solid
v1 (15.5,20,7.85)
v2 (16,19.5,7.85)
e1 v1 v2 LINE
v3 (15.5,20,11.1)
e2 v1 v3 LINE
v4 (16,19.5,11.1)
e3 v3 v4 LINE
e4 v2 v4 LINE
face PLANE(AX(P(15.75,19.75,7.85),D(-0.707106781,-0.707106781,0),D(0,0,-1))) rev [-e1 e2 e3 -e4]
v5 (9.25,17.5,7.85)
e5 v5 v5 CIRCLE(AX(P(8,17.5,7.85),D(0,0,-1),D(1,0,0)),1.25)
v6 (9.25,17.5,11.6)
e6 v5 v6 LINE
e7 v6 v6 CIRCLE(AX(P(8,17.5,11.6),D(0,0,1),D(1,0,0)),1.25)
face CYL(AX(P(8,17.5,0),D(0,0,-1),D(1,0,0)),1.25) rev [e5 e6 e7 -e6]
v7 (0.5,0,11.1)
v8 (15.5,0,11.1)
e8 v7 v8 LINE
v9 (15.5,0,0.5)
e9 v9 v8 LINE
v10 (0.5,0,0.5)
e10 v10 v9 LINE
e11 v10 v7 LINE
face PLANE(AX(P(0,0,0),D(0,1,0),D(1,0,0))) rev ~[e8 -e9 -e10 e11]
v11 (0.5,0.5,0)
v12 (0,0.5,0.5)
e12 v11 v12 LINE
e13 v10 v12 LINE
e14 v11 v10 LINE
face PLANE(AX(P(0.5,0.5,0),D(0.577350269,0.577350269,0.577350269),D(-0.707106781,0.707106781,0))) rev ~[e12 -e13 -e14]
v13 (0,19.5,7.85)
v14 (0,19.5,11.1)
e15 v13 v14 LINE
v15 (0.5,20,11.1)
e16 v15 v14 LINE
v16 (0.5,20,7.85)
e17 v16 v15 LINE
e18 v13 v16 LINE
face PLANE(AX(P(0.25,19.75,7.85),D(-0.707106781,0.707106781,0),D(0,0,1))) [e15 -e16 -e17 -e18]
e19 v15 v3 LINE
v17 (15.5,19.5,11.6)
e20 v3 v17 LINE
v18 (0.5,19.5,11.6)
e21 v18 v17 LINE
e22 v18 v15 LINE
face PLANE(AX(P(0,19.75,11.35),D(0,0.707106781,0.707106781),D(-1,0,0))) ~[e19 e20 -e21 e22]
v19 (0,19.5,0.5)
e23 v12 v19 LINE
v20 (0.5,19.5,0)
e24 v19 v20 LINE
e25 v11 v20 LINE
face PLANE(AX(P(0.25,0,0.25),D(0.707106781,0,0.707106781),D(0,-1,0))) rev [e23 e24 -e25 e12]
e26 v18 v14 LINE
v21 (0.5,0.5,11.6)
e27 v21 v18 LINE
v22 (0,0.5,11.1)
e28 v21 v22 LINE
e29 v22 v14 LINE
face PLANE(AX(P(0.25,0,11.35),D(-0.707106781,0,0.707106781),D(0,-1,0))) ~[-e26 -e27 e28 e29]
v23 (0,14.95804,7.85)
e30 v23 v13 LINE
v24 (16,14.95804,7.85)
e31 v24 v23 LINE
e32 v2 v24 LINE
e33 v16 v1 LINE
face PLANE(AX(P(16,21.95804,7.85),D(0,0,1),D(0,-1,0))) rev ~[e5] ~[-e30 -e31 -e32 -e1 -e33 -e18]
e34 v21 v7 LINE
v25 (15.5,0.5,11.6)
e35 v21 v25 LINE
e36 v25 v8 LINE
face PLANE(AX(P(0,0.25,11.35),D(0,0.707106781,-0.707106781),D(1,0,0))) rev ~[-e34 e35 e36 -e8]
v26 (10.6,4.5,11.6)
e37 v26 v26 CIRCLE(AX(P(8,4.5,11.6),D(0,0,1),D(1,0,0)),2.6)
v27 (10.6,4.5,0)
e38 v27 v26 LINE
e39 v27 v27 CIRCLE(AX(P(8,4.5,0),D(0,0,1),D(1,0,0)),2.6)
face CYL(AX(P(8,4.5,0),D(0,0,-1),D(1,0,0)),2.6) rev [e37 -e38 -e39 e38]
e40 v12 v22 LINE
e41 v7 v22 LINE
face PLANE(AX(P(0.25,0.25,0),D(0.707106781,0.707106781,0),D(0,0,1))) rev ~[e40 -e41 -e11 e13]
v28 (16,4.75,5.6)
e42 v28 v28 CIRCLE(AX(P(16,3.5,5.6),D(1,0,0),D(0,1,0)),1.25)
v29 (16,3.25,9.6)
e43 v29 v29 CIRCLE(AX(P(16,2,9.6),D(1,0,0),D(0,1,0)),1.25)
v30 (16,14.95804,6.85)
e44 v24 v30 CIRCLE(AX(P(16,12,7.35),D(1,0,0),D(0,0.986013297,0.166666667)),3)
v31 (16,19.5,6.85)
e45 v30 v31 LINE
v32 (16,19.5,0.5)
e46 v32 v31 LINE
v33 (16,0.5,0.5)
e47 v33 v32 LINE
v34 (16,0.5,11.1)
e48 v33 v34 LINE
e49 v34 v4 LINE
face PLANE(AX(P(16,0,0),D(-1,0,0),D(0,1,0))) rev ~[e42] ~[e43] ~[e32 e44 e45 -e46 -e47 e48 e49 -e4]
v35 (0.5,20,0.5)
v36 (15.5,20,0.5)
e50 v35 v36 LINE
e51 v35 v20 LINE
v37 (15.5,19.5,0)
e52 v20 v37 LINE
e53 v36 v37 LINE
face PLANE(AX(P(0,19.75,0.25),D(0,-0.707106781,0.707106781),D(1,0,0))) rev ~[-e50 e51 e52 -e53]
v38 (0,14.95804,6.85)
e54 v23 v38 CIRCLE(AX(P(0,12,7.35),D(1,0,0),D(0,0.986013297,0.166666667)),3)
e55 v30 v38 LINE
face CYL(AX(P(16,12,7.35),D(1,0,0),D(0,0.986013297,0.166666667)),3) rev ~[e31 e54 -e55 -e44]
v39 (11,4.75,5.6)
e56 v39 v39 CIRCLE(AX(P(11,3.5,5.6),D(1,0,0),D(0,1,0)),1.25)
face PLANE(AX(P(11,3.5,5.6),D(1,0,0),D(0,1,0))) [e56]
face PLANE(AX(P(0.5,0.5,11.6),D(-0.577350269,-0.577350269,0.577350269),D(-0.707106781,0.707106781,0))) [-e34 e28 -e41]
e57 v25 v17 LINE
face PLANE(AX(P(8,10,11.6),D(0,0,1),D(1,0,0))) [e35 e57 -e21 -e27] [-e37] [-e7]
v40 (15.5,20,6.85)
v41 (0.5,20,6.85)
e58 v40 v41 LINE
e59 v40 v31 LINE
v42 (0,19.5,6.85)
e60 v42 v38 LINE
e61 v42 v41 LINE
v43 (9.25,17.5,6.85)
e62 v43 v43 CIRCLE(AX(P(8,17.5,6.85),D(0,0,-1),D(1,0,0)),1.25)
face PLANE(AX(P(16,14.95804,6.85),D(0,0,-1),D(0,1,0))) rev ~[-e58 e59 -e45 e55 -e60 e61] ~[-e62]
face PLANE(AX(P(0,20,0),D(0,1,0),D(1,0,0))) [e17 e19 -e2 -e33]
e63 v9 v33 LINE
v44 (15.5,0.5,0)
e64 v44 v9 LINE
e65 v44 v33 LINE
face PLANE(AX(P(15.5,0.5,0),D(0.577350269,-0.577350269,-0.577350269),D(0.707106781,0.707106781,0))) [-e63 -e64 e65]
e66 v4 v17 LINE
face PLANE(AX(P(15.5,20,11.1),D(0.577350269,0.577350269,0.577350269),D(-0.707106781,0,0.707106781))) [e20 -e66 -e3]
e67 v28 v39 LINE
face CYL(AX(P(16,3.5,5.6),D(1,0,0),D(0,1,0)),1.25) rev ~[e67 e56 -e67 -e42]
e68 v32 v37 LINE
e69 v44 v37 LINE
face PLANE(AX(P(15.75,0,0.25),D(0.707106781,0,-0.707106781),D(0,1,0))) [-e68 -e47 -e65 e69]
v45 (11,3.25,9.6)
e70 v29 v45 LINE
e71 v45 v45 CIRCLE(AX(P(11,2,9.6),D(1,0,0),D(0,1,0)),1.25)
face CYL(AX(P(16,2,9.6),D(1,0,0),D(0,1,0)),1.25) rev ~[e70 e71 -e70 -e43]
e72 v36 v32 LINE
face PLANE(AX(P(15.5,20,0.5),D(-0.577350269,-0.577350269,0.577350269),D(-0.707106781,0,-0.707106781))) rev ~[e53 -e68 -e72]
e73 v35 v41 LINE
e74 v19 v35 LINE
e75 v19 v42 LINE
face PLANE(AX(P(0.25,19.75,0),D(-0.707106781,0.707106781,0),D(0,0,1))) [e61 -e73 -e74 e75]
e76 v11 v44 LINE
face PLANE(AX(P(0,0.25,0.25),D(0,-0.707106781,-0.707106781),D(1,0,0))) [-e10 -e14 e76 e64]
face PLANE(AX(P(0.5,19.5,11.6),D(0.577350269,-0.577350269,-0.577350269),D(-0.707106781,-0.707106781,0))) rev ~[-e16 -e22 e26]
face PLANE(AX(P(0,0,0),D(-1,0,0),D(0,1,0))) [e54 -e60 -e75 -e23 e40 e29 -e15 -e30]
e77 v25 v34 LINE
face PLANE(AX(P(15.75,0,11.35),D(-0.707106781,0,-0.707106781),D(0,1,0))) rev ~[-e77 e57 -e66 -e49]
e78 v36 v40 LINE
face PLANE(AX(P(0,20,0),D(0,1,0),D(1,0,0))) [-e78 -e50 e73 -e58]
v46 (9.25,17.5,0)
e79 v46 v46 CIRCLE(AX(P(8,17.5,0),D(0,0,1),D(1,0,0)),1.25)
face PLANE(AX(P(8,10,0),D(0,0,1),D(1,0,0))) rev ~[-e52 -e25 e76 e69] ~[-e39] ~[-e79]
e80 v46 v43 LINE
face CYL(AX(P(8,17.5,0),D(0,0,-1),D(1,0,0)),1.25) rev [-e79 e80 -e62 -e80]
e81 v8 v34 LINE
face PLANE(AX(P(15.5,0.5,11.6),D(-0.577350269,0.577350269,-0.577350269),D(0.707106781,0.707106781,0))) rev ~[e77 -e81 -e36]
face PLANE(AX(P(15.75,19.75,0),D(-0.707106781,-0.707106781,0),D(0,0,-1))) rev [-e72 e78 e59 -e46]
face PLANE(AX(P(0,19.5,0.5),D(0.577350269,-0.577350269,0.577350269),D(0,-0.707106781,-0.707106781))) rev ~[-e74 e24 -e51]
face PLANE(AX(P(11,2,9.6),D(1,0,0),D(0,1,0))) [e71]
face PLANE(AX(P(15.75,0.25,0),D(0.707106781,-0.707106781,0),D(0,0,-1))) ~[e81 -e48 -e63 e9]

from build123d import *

# Parameters (mm, degrees)
F0_W     = 16
F0_H     = 20
F0_R     = 2.6
F0_R_2   = 1.25
F1_DEPTH = 11.6
F3_DEPTH = 16.001
F4_R     = 1.25
F5_DEPTH = 5
F6_SIZE  = 0.5


with BuildPart() as f1:
    # F0 (on Top) → F1 (new body)
    with BuildSketch(Plane.XY):
        with Locations((8, 10)):
            Rectangle(F0_W, F0_H)
        with Locations((8, 4.5)):
            Circle(F0_R, mode=Mode.SUBTRACT)
        with Locations((8, 17.5)):
            Circle(F0_R_2, mode=Mode.SUBTRACT)
    extrude(amount=F1_DEPTH)

    # F2 (on face) → F3 (cut, through all)
    with BuildSketch(Plane.YZ.offset(16)):
        with BuildLine():
            Line((21.9580398915, 7.85), (14.9580398915, 7.85))
            ThreePointArc((14.9580398915, 7.85), (9, 7.35), (14.9580398915, 6.85))
            Line((14.9580398915, 6.85), (21.9580398915, 6.85))
            Line((21.9580398915, 6.85), (21.9580398915, 7.85))
        make_face()
    extrude(amount=-F3_DEPTH, mode=Mode.SUBTRACT)

    # F4 (on face) → F5 (cut)
    with BuildSketch(Plane.YZ.offset(16)):
        with Locations((2, 9.6)):
            Circle(F4_R)
        with Locations((3.5, 5.6)):
            Circle(F4_R)
    extrude(amount=-F5_DEPTH, mode=Mode.SUBTRACT)

    # F6
    f6_edges = [f1.edges().sort_by_distance(p)[0] for p in [
        (0, 0, 5.8),
        (16, 0, 5.8),
        (8, 0, 0),
        (8, 0, 11.6),
        (16, 10, 11.6),
        (16, 10, 0),
        (16, 20, 3.425),
        (16, 20, 9.725),
        (0, 20, 9.725),
        (8, 20, 11.6),
        (8, 20, 0),
        (0, 20, 3.425),
        (0, 10, 11.6),
        (0, 10, 0),
    ]]
    chamfer(f6_edges, length=F6_SIZE)


solid = f1.part
